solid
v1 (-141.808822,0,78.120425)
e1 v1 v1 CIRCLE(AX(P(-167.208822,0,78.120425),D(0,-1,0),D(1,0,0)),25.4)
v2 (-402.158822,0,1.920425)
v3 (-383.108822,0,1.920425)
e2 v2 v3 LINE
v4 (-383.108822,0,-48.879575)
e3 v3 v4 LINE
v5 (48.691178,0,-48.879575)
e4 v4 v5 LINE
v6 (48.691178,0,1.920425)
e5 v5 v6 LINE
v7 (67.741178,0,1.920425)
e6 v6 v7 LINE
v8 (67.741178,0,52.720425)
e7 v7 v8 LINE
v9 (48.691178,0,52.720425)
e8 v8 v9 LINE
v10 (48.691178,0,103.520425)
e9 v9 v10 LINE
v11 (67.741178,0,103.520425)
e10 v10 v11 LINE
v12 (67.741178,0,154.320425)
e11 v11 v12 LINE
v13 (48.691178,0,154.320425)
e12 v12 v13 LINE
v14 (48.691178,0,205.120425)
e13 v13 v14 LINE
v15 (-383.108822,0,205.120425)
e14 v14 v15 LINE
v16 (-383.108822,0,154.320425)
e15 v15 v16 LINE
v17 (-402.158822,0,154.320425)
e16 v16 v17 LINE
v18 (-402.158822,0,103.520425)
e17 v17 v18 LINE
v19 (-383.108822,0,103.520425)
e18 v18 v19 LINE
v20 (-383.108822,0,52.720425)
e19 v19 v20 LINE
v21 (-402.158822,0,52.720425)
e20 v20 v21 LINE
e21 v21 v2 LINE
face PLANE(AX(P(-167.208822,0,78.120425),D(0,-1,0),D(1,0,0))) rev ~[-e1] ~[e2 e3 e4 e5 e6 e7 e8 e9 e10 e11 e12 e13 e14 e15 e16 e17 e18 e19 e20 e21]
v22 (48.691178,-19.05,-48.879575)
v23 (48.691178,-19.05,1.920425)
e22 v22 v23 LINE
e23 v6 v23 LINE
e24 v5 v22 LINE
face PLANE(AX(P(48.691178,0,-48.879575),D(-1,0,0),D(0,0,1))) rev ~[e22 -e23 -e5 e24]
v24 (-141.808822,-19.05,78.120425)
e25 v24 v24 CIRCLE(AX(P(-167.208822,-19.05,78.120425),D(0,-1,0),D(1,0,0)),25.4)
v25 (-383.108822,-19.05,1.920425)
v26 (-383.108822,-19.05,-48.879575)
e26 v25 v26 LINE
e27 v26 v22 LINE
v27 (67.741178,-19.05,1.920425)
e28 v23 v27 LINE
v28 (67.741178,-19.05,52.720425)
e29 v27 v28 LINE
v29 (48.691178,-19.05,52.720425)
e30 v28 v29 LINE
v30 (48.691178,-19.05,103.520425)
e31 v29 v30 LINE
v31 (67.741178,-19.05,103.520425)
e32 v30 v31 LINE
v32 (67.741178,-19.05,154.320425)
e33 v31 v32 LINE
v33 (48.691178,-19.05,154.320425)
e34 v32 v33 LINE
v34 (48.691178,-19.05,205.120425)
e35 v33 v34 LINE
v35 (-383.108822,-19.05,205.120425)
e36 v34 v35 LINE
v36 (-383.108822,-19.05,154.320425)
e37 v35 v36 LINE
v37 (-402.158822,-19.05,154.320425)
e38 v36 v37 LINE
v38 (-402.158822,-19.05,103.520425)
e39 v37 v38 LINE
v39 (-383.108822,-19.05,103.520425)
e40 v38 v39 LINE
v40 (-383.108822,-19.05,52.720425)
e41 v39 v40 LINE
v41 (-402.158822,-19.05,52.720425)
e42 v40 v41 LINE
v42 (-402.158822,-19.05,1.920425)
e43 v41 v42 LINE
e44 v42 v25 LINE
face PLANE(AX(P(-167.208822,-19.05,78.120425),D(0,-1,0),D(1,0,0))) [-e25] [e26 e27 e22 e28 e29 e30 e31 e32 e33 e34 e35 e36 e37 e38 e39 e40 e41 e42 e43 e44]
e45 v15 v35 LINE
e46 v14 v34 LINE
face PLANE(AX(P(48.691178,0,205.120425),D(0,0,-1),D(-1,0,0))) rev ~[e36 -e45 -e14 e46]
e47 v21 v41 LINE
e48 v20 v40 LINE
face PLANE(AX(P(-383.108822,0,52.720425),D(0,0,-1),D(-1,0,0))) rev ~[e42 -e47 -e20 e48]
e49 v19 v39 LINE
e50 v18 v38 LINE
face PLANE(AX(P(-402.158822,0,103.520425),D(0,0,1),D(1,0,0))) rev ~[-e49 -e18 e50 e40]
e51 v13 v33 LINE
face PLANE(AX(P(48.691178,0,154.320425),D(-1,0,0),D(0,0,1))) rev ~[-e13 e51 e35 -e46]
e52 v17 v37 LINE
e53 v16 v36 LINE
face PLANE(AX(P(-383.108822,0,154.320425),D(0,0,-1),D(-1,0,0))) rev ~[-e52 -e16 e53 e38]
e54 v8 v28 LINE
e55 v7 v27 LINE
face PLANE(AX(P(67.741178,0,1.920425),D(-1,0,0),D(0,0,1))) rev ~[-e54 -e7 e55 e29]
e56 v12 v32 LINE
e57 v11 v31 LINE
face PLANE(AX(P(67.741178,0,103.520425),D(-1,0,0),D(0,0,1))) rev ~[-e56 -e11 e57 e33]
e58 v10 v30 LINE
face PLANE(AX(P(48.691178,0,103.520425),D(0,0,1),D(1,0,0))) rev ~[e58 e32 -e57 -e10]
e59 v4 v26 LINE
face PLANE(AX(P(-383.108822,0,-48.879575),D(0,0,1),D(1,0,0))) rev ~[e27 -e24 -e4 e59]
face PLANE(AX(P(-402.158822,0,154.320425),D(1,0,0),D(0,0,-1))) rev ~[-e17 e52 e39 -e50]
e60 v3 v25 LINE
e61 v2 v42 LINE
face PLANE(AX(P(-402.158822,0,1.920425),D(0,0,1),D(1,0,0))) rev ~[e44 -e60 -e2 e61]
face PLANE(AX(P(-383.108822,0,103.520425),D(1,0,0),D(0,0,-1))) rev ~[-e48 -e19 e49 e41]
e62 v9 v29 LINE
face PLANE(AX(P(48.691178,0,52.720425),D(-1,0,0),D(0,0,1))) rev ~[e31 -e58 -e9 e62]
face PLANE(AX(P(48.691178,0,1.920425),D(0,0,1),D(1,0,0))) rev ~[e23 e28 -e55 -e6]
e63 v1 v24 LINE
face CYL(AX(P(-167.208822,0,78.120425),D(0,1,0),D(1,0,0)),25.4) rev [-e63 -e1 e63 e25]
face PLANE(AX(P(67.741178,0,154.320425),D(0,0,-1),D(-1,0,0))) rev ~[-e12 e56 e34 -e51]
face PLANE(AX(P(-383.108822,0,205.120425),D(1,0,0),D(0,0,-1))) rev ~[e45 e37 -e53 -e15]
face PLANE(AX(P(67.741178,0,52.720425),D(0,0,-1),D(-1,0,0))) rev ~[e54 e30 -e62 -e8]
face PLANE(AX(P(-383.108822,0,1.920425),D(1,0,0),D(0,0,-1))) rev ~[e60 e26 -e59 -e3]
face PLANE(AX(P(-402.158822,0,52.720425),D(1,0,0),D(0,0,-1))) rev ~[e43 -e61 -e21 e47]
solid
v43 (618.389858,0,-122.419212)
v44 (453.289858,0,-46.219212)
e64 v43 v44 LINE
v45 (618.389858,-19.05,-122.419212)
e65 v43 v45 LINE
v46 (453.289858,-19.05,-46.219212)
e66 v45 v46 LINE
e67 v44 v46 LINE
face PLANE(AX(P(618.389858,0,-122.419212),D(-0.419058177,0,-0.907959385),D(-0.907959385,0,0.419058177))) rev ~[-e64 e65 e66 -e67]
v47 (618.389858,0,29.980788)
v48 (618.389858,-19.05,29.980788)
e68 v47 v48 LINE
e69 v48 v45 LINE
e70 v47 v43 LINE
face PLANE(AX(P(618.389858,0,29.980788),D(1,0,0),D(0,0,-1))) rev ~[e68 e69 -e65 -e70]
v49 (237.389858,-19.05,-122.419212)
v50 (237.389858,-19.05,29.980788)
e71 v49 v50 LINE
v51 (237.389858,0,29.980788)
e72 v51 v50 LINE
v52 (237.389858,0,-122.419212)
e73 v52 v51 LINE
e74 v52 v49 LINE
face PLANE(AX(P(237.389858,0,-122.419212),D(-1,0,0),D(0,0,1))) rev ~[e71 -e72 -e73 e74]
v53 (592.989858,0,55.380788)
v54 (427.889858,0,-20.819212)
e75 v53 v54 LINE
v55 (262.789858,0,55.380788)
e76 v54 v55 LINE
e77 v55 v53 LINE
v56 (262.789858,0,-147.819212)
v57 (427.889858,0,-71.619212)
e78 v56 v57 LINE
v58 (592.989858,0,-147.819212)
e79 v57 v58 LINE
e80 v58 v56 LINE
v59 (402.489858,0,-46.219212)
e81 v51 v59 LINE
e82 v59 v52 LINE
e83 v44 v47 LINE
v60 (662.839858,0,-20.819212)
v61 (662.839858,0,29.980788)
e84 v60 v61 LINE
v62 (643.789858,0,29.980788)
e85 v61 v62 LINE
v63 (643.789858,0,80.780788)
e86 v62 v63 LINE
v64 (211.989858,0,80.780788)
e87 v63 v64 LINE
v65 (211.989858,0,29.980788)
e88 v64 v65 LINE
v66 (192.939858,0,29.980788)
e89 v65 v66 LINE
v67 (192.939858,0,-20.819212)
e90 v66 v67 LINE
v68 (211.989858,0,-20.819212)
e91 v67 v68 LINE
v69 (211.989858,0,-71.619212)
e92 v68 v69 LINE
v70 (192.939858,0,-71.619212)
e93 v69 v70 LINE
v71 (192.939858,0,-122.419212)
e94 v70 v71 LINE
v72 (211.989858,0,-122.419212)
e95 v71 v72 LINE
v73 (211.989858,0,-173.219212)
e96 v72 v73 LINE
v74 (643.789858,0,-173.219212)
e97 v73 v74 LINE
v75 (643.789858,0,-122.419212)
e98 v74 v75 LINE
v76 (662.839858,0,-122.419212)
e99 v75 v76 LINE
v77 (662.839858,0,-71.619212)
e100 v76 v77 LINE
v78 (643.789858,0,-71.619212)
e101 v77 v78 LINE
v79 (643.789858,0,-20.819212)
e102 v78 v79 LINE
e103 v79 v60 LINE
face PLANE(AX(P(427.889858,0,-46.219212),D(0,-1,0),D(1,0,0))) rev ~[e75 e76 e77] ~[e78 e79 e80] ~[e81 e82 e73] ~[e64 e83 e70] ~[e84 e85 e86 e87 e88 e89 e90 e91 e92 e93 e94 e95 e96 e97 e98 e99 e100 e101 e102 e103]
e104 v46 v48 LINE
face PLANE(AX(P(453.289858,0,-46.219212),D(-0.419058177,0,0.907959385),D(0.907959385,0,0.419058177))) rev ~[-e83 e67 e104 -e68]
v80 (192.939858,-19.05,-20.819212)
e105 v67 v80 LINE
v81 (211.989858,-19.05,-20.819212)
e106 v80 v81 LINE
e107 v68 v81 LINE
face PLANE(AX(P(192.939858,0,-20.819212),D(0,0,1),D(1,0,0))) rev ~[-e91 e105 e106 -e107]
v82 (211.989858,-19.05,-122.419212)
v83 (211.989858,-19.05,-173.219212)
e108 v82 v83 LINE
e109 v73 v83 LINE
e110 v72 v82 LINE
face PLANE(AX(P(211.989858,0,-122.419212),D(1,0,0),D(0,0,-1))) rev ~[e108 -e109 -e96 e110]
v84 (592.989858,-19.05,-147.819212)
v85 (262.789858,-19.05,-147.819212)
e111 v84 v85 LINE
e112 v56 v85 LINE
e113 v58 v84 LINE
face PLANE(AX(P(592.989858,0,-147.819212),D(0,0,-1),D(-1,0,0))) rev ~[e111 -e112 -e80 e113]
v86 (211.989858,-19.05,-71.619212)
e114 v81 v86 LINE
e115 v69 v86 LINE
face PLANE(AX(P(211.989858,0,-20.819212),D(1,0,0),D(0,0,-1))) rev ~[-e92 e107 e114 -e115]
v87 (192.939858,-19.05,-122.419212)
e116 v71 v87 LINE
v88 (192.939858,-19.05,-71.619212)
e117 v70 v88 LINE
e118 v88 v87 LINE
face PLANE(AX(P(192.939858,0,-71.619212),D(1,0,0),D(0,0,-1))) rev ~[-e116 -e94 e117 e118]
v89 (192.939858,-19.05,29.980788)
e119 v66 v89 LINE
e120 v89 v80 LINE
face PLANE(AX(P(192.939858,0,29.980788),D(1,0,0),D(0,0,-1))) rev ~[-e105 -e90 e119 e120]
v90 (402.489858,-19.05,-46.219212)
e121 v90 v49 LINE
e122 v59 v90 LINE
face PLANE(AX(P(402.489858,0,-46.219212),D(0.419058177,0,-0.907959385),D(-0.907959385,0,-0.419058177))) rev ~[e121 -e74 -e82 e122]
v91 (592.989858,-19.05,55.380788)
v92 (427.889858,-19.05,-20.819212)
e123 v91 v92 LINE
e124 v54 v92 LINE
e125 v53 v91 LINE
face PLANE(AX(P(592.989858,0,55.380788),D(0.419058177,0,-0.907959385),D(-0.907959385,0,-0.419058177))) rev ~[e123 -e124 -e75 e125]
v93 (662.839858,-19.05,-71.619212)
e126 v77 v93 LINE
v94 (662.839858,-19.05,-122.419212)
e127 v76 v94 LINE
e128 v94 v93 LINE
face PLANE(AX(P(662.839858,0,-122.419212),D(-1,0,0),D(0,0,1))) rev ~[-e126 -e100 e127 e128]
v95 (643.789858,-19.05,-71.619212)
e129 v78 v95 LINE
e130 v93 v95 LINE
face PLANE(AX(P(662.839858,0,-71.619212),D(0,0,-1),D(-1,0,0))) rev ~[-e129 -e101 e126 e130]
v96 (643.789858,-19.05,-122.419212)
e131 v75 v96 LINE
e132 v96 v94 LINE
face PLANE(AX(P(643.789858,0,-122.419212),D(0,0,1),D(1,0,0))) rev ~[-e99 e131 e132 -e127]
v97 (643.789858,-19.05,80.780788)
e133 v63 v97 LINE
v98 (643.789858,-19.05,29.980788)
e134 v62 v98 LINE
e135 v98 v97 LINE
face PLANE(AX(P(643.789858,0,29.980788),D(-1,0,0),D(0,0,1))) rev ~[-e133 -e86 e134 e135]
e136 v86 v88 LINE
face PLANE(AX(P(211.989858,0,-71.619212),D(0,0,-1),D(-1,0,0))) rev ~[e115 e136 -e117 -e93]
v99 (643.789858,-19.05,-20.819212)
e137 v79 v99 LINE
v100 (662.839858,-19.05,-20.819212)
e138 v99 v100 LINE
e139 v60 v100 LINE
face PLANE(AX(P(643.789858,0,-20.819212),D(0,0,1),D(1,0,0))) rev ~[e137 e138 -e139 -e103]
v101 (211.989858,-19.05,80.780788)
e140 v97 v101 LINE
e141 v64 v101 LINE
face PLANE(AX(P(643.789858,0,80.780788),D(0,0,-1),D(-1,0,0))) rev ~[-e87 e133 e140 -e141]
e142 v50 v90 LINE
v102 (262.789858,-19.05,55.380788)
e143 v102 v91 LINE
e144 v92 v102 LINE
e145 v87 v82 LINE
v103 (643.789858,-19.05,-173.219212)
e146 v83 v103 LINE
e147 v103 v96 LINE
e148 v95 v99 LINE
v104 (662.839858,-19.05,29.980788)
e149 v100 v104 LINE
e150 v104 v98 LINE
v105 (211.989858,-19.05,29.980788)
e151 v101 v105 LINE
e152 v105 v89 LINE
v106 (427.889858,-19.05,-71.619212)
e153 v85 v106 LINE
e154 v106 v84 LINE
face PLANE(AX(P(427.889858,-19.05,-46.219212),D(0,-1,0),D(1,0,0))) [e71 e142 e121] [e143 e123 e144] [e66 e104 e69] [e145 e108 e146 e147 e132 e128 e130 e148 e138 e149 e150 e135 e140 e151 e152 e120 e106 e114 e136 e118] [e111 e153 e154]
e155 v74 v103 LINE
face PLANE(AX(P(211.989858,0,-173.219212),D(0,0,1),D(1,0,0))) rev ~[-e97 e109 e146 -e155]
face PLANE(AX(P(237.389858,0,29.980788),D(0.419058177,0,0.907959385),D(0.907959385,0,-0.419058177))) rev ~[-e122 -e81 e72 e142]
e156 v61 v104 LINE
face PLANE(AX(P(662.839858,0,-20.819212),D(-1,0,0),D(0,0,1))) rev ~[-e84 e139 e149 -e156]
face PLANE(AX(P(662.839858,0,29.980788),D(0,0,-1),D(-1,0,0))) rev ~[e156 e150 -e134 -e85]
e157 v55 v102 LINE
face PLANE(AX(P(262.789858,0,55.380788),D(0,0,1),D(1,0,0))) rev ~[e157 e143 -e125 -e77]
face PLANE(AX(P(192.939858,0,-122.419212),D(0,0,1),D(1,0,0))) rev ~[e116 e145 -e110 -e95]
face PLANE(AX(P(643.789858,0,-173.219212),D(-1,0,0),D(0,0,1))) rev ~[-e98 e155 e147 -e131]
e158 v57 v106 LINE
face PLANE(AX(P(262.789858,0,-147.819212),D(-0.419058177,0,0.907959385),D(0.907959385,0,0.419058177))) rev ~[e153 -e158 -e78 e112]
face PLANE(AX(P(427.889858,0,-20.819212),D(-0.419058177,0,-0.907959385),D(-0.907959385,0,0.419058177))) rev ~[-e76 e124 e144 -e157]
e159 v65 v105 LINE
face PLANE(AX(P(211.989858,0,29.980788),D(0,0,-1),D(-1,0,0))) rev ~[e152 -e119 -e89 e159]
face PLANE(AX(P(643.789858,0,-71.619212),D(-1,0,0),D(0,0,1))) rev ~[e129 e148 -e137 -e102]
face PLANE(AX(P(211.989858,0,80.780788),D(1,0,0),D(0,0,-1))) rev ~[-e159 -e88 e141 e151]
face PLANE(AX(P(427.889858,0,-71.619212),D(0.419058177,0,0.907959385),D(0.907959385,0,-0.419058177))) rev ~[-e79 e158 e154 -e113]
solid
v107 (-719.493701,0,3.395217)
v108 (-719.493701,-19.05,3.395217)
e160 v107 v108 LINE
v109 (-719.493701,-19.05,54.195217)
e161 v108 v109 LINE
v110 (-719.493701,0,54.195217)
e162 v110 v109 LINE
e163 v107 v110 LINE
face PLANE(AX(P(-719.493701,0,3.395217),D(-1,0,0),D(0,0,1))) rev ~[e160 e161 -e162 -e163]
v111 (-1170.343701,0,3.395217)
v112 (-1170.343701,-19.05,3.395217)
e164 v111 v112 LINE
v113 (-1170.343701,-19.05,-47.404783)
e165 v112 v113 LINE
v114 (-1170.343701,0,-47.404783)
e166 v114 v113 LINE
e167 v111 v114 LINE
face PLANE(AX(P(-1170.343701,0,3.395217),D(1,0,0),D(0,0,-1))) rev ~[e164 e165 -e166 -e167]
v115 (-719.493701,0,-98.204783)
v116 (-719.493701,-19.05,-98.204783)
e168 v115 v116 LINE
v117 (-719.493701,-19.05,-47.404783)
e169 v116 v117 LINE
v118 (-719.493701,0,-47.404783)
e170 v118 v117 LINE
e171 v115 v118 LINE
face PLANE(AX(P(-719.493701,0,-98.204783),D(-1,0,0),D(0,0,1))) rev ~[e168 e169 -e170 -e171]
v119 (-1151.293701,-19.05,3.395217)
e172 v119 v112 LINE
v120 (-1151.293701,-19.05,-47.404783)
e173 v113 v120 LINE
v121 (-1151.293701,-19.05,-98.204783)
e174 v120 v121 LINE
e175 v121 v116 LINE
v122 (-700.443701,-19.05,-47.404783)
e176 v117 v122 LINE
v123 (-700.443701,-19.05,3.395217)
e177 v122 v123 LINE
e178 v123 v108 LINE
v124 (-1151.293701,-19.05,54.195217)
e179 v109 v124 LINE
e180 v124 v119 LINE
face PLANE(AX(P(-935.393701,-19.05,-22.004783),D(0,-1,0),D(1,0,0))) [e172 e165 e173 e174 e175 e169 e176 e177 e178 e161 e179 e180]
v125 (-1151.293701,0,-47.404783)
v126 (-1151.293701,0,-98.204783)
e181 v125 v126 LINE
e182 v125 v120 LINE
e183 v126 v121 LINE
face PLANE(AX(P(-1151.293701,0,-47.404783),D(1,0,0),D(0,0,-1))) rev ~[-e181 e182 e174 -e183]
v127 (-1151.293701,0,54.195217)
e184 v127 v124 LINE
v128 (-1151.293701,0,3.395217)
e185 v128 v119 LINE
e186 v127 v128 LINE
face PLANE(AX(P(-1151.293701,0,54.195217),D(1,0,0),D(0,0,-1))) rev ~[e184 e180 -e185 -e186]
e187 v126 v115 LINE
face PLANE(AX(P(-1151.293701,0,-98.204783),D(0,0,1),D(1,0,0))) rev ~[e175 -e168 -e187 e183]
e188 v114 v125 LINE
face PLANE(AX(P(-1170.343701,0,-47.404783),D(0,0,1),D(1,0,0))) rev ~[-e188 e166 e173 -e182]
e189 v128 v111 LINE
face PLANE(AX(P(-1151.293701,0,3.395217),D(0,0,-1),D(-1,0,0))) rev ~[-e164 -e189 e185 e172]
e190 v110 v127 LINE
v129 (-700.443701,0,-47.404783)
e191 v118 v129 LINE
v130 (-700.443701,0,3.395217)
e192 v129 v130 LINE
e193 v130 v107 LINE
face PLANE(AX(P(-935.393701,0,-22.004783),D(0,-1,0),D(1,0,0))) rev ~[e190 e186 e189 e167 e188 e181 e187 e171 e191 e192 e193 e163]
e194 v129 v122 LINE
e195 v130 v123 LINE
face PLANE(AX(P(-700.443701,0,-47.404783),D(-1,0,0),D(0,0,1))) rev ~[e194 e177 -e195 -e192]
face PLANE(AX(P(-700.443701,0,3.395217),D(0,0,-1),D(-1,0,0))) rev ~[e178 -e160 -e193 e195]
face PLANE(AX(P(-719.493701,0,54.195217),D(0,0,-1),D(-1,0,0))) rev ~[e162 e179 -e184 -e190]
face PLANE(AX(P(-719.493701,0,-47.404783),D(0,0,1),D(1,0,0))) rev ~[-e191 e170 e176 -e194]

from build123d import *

# Parameters (mm, degrees)
F0_R     = 25.4
F1_DEPTH = 19.05
F2_DEPTH = 19.05


with BuildPart() as f1:
    # F0 (on Front) → F1 (new body)
    with BuildSketch(Plane.XZ):
        Polygon((48.691178, 205.120425), (-383.108822, 205.120425), (-383.108822, 154.320425), (-402.158822, 154.320425), (-402.158822, 103.520425), (-383.108822, 103.520425), (-383.108822, 52.720425), (-402.158822, 52.720425), (-402.158822, 1.920425), (-383.108822, 1.920425), (-383.108822, -48.879575), (48.691178, -48.879575), (48.691178, 1.920425), (67.741178, 1.920425), (67.741178, 52.720425), (48.691178, 52.720425), (48.691178, 103.520425), (67.741178, 103.520425), (67.741178, 154.320425), (48.691178, 154.320425), align=None)
        with Locations((-167.208822, 78.120425)):
            Circle(F0_R, mode=Mode.SUBTRACT)
    extrude(amount=F1_DEPTH)

    # F0 (on Front) → F2 (join)
    with BuildSketch(Plane.XZ):
        Polygon((48.691178, 205.120425), (-383.108822, 205.120425), (-383.108822, 154.320425), (-402.158822, 154.320425), (-402.158822, 103.520425), (-383.108822, 103.520425), (-383.108822, 52.720425), (-402.158822, 52.720425), (-402.158822, 1.920425), (-383.108822, 1.920425), (-383.108822, -48.879575), (48.691178, -48.879575), (48.691178, 1.920425), (67.741178, 1.920425), (67.741178, 52.720425), (48.691178, 52.720425), (48.691178, 103.520425), (67.741178, 103.520425), (67.741178, 154.320425), (48.691178, 154.320425), align=None)
        with Locations((-167.208822, 78.120425)):
            Circle(F0_R, mode=Mode.SUBTRACT)
        Polygon((-1151.293701, -47.404783), (-1151.293701, -98.204783), (-719.493701, -98.204783), (-719.493701, -47.404783), (-700.443701, -47.404783), (-700.443701, 3.395217), (-719.493701, 3.395217), (-719.493701, 54.195217), (-1151.293701, 54.195217), (-1151.293701, 3.395217), (-1170.343701, 3.395217), (-1170.343701, -47.404783), align=None)
        Polygon((643.789858, 80.780788), (211.989858, 80.780788), (211.989858, 29.980788), (192.939858, 29.980788), (192.939858, -20.819212), (211.989858, -20.819212), (211.989858, -71.619212), (192.939858, -71.619212), (192.939858, -122.419212), (211.989858, -122.419212), (211.989858, -173.219212), (643.789858, -173.219212), (643.789858, -122.419212), (662.839858, -122.419212), (662.839858, -71.619212), (643.789858, -71.619212), (643.789858, -20.819212), (662.839858, -20.819212), (662.839858, 29.980788), (643.789858, 29.980788), align=None)
        Polygon((262.789858, -147.819212), (427.889858, -71.619212), (592.989858, -147.819212), align=None, mode=Mode.SUBTRACT)
        Polygon((237.389858, 29.980788), (402.489858, -46.219212), (237.389858, -122.419212), align=None, mode=Mode.SUBTRACT)
        Polygon((618.389858, -122.419212), (453.289858, -46.219212), (618.389858, 29.980788), align=None, mode=Mode.SUBTRACT)
        Polygon((592.989858, 55.380788), (427.889858, -20.819212), (262.789858, 55.380788), align=None, mode=Mode.SUBTRACT)
    extrude(amount=F2_DEPTH)


solid = f1.part
